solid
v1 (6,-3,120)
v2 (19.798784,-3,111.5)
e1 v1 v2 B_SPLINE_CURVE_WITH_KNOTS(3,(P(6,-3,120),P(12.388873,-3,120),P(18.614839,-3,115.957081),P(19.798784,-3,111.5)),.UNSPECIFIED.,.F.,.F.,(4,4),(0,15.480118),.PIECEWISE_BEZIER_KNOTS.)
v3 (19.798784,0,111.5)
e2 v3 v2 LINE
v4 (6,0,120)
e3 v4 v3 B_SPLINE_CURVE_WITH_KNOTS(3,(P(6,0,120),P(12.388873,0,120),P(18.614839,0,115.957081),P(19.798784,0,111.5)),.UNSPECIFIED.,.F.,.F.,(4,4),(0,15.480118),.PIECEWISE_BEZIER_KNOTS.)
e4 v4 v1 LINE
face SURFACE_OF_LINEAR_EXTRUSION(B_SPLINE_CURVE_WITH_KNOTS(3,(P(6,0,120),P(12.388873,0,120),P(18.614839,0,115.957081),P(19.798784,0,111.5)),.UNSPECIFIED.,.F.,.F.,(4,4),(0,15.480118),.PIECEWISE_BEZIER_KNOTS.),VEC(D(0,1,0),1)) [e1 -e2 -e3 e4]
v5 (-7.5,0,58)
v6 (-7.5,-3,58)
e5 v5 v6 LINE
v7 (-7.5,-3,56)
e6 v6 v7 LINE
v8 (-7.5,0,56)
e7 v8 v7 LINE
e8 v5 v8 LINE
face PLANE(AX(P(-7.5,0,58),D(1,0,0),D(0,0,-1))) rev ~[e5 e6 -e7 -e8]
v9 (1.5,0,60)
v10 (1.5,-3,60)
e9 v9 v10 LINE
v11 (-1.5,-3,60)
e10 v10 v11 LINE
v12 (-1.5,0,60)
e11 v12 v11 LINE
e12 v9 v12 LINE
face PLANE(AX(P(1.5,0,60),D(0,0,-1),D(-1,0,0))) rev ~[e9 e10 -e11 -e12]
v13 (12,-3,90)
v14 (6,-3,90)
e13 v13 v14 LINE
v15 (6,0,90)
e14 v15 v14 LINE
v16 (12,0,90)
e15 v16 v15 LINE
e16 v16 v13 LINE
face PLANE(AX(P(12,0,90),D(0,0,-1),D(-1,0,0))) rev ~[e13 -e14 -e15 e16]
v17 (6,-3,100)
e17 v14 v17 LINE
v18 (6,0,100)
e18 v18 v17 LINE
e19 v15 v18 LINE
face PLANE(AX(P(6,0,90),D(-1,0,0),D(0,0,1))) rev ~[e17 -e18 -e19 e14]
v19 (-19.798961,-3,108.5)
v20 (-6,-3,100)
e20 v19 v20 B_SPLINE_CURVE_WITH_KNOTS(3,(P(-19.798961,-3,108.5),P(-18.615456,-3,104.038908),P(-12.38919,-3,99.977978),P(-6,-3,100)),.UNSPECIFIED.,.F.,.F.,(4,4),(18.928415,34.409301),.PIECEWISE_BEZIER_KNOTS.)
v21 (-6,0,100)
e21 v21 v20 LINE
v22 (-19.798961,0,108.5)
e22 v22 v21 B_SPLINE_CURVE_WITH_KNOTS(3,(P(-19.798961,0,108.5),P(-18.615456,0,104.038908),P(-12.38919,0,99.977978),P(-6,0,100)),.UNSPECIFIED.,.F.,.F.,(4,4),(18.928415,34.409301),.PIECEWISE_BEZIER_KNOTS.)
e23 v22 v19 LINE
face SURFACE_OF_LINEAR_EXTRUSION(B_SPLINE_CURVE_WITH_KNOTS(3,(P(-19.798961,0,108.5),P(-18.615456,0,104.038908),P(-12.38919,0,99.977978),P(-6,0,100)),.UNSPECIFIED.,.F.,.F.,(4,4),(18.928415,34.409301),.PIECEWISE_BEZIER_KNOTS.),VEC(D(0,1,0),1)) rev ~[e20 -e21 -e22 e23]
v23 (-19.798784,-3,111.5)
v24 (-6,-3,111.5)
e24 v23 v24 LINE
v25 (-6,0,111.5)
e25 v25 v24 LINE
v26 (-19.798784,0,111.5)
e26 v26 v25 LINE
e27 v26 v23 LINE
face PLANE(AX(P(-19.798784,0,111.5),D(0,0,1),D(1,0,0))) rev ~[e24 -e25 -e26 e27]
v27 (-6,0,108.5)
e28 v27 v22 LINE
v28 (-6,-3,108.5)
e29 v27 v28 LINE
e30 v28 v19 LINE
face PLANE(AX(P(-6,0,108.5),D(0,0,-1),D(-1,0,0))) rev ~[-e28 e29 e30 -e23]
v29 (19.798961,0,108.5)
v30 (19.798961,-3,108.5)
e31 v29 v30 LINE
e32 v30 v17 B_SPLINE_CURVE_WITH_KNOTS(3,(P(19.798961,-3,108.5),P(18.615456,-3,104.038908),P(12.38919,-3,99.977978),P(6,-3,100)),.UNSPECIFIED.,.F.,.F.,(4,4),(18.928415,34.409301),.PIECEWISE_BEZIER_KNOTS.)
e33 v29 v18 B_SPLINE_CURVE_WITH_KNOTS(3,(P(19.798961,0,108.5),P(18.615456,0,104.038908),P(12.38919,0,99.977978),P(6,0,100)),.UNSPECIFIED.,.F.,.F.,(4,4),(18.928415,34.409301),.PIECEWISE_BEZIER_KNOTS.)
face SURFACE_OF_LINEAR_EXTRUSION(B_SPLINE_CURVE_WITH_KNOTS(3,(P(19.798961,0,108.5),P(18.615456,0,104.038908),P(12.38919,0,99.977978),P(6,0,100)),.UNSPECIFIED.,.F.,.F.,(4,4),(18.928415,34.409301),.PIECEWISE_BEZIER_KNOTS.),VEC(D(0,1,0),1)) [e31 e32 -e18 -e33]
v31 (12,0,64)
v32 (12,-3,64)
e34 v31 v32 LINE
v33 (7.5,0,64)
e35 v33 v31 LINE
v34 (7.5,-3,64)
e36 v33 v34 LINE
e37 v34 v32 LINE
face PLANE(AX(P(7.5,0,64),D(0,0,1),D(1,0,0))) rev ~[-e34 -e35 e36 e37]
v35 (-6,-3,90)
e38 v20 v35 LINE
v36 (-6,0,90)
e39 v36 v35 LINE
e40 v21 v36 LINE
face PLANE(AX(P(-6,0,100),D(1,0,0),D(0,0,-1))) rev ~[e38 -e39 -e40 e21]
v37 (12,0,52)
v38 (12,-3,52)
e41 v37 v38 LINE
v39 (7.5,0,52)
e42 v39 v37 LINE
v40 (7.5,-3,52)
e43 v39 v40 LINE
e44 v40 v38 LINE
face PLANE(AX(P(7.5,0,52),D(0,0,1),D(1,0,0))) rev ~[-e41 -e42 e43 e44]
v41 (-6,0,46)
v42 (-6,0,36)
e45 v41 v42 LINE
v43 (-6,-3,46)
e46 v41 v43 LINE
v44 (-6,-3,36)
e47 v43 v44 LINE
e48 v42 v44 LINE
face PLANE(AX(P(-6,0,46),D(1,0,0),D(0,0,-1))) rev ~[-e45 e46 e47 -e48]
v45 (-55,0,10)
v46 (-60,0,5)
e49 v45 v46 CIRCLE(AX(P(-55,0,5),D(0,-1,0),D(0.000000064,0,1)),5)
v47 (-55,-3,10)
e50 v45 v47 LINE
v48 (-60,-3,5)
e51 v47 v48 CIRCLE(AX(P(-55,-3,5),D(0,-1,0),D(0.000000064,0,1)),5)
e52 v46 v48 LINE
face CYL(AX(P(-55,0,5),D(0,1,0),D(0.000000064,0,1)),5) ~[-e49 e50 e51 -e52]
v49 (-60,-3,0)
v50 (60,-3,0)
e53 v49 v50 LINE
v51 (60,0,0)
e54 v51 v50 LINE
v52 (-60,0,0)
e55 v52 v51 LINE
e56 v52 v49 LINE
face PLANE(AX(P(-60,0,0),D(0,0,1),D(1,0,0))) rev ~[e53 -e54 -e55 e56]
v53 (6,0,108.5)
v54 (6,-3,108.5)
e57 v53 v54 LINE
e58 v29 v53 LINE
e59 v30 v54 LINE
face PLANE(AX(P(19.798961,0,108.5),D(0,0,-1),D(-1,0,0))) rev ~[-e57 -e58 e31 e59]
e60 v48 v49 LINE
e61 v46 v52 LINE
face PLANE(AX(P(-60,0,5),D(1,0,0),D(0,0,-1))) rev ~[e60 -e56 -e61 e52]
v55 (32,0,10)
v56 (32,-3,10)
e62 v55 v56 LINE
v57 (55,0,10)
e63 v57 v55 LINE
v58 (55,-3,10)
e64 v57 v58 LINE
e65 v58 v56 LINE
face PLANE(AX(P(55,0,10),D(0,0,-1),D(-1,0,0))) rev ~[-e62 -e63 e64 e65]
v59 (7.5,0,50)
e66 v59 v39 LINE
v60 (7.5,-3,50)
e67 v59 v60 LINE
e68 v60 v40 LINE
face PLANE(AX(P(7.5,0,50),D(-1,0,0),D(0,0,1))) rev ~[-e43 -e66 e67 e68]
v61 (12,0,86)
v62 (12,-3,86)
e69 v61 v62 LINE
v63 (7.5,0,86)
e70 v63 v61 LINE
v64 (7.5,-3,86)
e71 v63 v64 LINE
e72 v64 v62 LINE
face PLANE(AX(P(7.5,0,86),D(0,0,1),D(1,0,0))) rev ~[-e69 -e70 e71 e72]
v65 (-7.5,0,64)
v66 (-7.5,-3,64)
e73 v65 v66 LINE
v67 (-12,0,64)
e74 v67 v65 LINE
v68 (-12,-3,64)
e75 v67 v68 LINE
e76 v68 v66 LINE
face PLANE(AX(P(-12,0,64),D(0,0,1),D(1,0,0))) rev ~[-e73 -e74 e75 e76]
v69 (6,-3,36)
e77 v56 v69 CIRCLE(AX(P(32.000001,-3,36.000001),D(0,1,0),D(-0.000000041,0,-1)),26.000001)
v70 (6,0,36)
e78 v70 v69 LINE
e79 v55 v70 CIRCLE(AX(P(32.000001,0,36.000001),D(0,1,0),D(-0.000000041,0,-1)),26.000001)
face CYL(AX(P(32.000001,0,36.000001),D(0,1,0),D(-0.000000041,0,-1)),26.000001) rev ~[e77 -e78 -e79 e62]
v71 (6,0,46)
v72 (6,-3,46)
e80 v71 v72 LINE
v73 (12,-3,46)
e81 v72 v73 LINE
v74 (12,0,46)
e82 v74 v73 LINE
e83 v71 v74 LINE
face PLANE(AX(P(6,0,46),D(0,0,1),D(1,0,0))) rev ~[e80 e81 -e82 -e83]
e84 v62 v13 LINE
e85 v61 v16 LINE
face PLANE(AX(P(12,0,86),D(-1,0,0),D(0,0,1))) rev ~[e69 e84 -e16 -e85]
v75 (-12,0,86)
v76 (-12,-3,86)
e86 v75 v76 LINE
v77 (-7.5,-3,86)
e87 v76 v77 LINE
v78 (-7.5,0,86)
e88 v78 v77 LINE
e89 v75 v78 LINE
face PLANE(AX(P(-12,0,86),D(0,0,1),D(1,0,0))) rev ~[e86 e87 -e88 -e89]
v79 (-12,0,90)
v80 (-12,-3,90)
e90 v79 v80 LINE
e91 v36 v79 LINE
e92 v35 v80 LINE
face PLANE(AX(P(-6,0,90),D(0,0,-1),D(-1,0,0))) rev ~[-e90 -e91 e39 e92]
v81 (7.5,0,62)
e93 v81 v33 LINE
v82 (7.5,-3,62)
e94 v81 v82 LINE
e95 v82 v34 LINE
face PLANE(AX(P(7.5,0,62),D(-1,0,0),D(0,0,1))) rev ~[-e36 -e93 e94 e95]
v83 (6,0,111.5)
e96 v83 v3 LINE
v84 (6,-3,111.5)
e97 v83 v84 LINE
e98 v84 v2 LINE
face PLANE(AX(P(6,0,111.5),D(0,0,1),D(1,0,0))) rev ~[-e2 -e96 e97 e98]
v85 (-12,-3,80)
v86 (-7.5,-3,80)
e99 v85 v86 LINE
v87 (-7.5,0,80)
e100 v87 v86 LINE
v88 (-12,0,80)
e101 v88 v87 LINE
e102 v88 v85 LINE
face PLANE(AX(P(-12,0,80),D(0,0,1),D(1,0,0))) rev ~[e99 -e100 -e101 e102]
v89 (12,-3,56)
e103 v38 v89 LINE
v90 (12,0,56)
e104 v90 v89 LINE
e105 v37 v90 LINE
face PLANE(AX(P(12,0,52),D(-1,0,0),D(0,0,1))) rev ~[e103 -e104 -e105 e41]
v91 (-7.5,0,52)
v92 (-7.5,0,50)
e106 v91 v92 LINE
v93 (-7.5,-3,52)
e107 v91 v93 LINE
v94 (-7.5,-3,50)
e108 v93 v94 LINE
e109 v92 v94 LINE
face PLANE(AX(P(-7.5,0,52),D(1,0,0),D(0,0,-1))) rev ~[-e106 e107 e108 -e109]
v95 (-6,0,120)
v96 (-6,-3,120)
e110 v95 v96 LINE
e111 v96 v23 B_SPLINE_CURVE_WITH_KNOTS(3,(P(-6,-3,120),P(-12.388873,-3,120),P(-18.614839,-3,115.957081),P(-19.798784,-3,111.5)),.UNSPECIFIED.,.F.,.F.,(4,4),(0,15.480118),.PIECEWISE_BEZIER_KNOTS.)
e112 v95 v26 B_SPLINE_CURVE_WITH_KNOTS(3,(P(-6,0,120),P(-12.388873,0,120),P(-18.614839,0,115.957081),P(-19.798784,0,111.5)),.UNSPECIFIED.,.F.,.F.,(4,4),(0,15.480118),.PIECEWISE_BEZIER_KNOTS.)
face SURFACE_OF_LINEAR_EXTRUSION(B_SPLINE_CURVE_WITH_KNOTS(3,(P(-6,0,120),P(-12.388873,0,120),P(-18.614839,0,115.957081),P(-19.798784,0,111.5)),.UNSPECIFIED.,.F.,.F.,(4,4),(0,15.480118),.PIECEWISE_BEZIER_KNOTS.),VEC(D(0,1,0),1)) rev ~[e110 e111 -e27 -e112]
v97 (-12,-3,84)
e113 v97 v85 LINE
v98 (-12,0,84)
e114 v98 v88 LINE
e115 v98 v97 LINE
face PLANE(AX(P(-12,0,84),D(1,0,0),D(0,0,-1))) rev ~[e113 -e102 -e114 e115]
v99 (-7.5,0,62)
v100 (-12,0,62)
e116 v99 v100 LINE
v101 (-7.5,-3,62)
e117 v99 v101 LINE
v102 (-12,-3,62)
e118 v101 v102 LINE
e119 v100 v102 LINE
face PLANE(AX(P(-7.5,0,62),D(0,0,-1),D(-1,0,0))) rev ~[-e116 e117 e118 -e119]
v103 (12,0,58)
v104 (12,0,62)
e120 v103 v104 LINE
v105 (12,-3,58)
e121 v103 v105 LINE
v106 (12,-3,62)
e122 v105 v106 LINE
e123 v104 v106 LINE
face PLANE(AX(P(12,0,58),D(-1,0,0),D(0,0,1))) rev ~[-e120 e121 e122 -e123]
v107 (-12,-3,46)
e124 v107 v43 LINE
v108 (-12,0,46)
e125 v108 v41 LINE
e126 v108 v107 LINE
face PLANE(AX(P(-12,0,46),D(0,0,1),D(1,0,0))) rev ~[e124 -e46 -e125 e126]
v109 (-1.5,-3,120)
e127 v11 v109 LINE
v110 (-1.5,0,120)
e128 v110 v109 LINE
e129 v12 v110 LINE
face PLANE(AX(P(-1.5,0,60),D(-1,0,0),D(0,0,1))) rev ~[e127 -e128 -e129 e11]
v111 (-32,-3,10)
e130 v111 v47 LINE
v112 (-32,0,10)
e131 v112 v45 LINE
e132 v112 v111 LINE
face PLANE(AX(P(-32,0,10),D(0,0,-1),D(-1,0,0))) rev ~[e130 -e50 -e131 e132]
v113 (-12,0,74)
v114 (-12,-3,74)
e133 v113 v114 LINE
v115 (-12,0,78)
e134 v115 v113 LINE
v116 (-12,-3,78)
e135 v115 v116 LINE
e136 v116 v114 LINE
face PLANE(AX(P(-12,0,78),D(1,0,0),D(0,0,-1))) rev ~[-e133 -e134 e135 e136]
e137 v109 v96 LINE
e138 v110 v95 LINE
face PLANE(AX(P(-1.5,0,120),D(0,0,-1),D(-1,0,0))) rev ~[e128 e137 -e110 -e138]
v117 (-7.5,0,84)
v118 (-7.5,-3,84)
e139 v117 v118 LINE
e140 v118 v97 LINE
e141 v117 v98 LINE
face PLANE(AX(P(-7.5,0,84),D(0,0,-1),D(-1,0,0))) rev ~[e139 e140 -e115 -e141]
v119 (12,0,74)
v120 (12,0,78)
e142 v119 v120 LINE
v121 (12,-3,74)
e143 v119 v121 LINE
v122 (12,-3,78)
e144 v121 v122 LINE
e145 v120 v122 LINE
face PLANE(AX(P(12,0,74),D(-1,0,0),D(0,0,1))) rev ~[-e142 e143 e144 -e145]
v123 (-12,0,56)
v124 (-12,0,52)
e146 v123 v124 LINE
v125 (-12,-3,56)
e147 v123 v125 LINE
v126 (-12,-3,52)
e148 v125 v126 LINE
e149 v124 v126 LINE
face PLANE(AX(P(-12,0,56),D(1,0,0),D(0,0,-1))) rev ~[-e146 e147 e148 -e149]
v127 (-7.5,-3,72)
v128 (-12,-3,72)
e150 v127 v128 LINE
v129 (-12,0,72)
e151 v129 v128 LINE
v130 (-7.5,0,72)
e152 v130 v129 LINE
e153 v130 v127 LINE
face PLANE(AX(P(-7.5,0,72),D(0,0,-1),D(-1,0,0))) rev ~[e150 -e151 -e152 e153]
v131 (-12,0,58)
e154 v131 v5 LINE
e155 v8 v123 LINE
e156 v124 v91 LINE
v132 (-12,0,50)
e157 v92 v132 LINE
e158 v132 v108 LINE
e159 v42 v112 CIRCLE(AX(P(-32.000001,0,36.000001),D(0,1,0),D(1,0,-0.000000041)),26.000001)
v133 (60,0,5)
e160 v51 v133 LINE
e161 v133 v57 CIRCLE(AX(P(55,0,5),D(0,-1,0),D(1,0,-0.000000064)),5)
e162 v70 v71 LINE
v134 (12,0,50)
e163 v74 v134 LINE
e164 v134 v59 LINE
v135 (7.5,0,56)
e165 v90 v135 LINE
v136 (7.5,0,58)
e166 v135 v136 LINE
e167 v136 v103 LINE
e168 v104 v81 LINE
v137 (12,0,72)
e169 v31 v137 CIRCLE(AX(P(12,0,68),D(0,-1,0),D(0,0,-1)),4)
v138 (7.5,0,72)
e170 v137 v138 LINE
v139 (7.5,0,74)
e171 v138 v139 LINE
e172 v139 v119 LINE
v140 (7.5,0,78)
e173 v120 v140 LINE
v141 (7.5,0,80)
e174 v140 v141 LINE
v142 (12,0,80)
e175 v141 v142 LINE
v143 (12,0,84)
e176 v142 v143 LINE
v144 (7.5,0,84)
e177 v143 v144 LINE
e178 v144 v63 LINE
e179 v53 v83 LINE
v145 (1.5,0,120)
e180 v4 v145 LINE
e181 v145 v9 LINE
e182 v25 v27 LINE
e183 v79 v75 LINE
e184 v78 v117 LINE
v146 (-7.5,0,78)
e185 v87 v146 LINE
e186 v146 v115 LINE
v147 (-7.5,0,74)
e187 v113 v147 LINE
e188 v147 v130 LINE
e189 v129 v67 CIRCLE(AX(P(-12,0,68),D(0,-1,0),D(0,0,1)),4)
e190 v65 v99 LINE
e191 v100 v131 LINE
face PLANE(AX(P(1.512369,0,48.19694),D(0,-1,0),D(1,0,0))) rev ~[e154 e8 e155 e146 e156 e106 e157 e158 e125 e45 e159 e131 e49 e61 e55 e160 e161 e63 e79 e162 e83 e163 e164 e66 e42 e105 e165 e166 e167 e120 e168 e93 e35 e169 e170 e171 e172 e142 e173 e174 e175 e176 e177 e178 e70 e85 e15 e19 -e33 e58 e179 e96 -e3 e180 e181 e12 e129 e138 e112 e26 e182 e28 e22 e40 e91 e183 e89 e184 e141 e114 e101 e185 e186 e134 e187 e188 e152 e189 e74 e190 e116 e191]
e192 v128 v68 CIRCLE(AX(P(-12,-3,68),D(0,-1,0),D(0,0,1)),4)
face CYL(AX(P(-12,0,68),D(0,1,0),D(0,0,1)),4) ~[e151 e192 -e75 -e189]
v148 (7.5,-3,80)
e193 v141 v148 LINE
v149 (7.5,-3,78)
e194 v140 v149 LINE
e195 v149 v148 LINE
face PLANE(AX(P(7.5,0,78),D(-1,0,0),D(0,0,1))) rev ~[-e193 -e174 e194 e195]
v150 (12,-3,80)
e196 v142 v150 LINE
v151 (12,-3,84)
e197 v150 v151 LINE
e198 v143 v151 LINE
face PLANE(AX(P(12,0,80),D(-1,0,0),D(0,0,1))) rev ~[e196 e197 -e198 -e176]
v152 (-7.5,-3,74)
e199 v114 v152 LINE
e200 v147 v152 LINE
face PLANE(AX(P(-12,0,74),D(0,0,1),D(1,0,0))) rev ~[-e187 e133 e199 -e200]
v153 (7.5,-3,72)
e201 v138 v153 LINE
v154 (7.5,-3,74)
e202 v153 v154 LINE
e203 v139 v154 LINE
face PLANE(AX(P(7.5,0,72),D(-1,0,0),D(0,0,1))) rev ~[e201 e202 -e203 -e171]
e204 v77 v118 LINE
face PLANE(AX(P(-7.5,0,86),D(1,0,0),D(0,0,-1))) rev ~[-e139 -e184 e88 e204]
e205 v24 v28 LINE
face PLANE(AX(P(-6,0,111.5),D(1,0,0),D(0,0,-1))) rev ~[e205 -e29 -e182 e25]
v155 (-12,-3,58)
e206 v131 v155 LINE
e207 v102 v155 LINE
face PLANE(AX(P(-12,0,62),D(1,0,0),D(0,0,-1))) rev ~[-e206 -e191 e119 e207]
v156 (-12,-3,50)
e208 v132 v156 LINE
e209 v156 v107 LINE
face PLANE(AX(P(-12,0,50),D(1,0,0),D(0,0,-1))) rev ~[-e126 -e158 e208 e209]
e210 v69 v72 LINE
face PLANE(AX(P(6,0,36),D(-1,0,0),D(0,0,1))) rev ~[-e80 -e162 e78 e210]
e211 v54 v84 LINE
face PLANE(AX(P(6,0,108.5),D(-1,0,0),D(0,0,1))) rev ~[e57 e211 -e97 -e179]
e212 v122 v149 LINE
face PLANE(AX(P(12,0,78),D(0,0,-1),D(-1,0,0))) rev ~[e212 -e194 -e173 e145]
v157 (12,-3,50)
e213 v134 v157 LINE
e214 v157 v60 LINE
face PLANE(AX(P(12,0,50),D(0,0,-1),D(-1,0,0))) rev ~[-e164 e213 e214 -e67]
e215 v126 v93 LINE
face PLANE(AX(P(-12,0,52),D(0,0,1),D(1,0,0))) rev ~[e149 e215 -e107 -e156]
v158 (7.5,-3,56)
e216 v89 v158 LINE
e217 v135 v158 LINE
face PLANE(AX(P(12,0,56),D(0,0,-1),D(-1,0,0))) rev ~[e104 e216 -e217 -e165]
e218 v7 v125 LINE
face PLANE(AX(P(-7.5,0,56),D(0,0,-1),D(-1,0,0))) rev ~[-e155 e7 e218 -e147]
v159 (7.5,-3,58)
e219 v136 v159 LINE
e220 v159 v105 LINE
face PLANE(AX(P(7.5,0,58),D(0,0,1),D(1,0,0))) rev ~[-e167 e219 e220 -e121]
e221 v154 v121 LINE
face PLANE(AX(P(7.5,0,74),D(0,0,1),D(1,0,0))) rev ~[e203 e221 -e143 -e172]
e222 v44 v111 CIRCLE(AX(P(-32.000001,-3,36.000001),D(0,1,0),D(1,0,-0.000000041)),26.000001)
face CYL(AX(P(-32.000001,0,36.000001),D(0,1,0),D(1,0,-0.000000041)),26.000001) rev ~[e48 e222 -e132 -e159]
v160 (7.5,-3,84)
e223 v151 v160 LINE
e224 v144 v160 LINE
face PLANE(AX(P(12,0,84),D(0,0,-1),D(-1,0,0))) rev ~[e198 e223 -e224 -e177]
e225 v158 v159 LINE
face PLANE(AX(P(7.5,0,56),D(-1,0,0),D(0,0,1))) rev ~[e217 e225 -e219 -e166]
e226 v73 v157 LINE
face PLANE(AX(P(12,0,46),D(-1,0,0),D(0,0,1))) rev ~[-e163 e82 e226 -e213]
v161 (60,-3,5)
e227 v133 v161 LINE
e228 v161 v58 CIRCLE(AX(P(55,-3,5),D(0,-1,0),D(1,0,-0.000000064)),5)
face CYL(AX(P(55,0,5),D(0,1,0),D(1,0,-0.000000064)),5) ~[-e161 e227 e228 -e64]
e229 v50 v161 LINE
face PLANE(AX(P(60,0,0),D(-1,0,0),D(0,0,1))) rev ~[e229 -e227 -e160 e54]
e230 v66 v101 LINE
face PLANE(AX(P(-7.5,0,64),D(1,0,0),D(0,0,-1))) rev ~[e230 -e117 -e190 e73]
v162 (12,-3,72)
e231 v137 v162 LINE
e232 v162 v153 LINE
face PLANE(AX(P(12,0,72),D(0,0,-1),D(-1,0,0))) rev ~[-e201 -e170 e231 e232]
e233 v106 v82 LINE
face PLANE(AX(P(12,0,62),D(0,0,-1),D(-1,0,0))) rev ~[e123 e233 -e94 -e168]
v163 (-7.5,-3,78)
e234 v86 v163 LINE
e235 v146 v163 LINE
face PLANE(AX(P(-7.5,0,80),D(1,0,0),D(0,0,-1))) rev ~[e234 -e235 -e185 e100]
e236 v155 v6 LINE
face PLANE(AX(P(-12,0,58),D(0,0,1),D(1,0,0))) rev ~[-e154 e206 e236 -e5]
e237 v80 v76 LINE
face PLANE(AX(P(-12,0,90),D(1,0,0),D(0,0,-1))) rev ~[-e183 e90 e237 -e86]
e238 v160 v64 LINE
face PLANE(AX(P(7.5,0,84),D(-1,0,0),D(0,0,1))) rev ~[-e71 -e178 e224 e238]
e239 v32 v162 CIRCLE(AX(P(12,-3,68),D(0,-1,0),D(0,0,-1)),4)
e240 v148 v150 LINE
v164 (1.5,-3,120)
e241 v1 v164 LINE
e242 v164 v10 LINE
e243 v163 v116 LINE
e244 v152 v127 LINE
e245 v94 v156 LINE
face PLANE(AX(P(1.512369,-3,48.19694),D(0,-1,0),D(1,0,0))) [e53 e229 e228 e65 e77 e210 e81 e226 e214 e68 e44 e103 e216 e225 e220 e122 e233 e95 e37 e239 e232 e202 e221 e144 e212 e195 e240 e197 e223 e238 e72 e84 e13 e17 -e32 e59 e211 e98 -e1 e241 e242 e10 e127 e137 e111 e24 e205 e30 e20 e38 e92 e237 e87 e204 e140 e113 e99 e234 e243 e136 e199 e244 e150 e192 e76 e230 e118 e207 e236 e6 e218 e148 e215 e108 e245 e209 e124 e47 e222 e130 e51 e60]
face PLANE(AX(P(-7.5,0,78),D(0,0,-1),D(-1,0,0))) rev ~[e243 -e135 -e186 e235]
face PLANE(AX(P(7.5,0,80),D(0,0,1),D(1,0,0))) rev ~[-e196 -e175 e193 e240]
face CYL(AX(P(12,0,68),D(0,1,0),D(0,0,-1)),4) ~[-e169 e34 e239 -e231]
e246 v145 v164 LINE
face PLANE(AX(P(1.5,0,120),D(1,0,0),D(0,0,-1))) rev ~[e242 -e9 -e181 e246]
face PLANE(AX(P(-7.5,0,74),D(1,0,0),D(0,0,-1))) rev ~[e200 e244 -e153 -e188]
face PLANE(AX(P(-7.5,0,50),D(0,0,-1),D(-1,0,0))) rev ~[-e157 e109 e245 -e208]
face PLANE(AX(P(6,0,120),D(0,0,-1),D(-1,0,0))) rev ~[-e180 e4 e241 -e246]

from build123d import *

# Parameters (mm, degrees)
F1_DEPTH = 3


with BuildPart() as f1:
    # F0 (on Front) → F1 (new body)
    with BuildSketch(Plane.XZ):
        with BuildLine():
            Line((-60, 5), (-60, 0))
            Line((-60, 0), (60, 0))
            Line((60, 0), (60, 5))
            ThreePointArc((60, 5), (58.535534, 8.535534), (55, 10))
            Line((55, 10), (32, 10))
            ThreePointArc((32, 10), (13.615224, 17.615224), (6, 36))
            Line((6, 36), (6, 46))
            Line((6, 46), (6, 90))
            Line((6, 90), (6, 100))
            add(Edge.make_bspline(
                [(19.798961, 108.5), (18.615456, 104.038908), (12.38919, 99.977978), (6, 100)],
                knots=[18.928415, 18.928415, 18.928415, 18.928415, 34.409301, 34.409301, 34.409301, 34.409301], degree=3))
            Line((19.798961, 108.5), (6, 108.5))
            Line((6, 108.5), (6, 111.5))
            Line((6, 111.5), (19.798784, 111.5))
            add(Edge.make_bspline(
                [(6, 120), (12.388873, 120), (18.614839, 115.957081), (19.798784, 111.5)],
                knots=[0, 0, 0, 0, 15.480118, 15.480118, 15.480118, 15.480118], degree=3))
            Line((6, 120), (1.5, 120))
            Line((1.5, 120), (1.5, 60))
            Line((1.5, 60), (-1.5, 60))
            Line((-1.5, 60), (-1.5, 100))
            Line((-1.5, 100), (-6, 100))
            Line((-6, 100), (-6, 90))
            Line((-6, 90), (-6, 68))
            Line((-6, 68), (-6, 46))
            Line((-6, 46), (-6, 36))
            ThreePointArc((-6, 36), (-13.615224, 17.615224), (-32, 10))
            Line((-32, 10), (-55, 10))
            ThreePointArc((-55, 10), (-58.535534, 8.535534), (-60, 5))
        make_face()
        with BuildLine():
            add(Edge.make_bspline(
                [(-19.798961, 108.5), (-18.615456, 104.038908), (-12.38919, 99.977978), (-6, 100)],
                knots=[18.928415, 18.928415, 18.928415, 18.928415, 34.409301, 34.409301, 34.409301, 34.409301], degree=3))
            Line((-6, 100), (-1.5, 100))
            Line((-1.5, 100), (-1.5, 120))
            Line((-1.5, 120), (-6, 120))
            add(Edge.make_bspline(
                [(-6, 120), (-12.388873, 120), (-18.614839, 115.957081), (-19.798784, 111.5)],
                knots=[0, 0, 0, 0, 15.480118, 15.480118, 15.480118, 15.480118], degree=3))
            Line((-19.798784, 111.5), (-6, 111.5))
            Line((-6, 111.5), (-6, 110))
            Line((-6, 110), (-6, 108.5))
            Line((-6, 108.5), (-19.798961, 108.5))
        make_face()
        Polygon((-12, 68), (-6, 68), (-6, 90), (-12, 90), (-12, 86), (-7.5, 86), (-7.5, 84), (-12, 84), (-12, 80), (-7.5, 80), (-7.5, 78), (-12, 78), (-12, 74), (-7.5, 74), (-7.5, 72), (-12, 72), align=None)
        Polygon((-12, 46), (-6, 46), (-6, 68), (-12, 68), (-12, 64), (-7.5, 64), (-7.5, 62), (-12, 62), (-12, 58), (-7.5, 58), (-7.5, 56), (-12, 56), (-12, 52), (-7.5, 52), (-7.5, 50), (-12, 50), align=None)
        with BuildLine():
            Line((-12, 64), (-12, 68))
            Line((-12, 68), (-12, 72))
            ThreePointArc((-12, 72), (-16, 68), (-12, 64))
        make_face()
        with BuildLine():
            Line((12, 68), (12, 64))
            ThreePointArc((12, 64), (16, 68), (12, 72))
            Line((12, 72), (12, 68))
        make_face()
        Polygon((6, 90), (6, 46), (12, 46), (12, 50), (7.5, 50), (7.5, 52), (12, 52), (12, 56), (7.5, 56), (7.5, 58), (12, 58), (12, 62), (7.5, 62), (7.5, 64), (12, 64), (12, 68), (12, 72), (7.5, 72), (7.5, 74), (12, 74), (12, 78), (7.5, 78), (7.5, 80), (12, 80), (12, 84), (7.5, 84), (7.5, 86), (12, 86), (12, 90), align=None)
    extrude(amount=F1_DEPTH)


solid = f1.part
